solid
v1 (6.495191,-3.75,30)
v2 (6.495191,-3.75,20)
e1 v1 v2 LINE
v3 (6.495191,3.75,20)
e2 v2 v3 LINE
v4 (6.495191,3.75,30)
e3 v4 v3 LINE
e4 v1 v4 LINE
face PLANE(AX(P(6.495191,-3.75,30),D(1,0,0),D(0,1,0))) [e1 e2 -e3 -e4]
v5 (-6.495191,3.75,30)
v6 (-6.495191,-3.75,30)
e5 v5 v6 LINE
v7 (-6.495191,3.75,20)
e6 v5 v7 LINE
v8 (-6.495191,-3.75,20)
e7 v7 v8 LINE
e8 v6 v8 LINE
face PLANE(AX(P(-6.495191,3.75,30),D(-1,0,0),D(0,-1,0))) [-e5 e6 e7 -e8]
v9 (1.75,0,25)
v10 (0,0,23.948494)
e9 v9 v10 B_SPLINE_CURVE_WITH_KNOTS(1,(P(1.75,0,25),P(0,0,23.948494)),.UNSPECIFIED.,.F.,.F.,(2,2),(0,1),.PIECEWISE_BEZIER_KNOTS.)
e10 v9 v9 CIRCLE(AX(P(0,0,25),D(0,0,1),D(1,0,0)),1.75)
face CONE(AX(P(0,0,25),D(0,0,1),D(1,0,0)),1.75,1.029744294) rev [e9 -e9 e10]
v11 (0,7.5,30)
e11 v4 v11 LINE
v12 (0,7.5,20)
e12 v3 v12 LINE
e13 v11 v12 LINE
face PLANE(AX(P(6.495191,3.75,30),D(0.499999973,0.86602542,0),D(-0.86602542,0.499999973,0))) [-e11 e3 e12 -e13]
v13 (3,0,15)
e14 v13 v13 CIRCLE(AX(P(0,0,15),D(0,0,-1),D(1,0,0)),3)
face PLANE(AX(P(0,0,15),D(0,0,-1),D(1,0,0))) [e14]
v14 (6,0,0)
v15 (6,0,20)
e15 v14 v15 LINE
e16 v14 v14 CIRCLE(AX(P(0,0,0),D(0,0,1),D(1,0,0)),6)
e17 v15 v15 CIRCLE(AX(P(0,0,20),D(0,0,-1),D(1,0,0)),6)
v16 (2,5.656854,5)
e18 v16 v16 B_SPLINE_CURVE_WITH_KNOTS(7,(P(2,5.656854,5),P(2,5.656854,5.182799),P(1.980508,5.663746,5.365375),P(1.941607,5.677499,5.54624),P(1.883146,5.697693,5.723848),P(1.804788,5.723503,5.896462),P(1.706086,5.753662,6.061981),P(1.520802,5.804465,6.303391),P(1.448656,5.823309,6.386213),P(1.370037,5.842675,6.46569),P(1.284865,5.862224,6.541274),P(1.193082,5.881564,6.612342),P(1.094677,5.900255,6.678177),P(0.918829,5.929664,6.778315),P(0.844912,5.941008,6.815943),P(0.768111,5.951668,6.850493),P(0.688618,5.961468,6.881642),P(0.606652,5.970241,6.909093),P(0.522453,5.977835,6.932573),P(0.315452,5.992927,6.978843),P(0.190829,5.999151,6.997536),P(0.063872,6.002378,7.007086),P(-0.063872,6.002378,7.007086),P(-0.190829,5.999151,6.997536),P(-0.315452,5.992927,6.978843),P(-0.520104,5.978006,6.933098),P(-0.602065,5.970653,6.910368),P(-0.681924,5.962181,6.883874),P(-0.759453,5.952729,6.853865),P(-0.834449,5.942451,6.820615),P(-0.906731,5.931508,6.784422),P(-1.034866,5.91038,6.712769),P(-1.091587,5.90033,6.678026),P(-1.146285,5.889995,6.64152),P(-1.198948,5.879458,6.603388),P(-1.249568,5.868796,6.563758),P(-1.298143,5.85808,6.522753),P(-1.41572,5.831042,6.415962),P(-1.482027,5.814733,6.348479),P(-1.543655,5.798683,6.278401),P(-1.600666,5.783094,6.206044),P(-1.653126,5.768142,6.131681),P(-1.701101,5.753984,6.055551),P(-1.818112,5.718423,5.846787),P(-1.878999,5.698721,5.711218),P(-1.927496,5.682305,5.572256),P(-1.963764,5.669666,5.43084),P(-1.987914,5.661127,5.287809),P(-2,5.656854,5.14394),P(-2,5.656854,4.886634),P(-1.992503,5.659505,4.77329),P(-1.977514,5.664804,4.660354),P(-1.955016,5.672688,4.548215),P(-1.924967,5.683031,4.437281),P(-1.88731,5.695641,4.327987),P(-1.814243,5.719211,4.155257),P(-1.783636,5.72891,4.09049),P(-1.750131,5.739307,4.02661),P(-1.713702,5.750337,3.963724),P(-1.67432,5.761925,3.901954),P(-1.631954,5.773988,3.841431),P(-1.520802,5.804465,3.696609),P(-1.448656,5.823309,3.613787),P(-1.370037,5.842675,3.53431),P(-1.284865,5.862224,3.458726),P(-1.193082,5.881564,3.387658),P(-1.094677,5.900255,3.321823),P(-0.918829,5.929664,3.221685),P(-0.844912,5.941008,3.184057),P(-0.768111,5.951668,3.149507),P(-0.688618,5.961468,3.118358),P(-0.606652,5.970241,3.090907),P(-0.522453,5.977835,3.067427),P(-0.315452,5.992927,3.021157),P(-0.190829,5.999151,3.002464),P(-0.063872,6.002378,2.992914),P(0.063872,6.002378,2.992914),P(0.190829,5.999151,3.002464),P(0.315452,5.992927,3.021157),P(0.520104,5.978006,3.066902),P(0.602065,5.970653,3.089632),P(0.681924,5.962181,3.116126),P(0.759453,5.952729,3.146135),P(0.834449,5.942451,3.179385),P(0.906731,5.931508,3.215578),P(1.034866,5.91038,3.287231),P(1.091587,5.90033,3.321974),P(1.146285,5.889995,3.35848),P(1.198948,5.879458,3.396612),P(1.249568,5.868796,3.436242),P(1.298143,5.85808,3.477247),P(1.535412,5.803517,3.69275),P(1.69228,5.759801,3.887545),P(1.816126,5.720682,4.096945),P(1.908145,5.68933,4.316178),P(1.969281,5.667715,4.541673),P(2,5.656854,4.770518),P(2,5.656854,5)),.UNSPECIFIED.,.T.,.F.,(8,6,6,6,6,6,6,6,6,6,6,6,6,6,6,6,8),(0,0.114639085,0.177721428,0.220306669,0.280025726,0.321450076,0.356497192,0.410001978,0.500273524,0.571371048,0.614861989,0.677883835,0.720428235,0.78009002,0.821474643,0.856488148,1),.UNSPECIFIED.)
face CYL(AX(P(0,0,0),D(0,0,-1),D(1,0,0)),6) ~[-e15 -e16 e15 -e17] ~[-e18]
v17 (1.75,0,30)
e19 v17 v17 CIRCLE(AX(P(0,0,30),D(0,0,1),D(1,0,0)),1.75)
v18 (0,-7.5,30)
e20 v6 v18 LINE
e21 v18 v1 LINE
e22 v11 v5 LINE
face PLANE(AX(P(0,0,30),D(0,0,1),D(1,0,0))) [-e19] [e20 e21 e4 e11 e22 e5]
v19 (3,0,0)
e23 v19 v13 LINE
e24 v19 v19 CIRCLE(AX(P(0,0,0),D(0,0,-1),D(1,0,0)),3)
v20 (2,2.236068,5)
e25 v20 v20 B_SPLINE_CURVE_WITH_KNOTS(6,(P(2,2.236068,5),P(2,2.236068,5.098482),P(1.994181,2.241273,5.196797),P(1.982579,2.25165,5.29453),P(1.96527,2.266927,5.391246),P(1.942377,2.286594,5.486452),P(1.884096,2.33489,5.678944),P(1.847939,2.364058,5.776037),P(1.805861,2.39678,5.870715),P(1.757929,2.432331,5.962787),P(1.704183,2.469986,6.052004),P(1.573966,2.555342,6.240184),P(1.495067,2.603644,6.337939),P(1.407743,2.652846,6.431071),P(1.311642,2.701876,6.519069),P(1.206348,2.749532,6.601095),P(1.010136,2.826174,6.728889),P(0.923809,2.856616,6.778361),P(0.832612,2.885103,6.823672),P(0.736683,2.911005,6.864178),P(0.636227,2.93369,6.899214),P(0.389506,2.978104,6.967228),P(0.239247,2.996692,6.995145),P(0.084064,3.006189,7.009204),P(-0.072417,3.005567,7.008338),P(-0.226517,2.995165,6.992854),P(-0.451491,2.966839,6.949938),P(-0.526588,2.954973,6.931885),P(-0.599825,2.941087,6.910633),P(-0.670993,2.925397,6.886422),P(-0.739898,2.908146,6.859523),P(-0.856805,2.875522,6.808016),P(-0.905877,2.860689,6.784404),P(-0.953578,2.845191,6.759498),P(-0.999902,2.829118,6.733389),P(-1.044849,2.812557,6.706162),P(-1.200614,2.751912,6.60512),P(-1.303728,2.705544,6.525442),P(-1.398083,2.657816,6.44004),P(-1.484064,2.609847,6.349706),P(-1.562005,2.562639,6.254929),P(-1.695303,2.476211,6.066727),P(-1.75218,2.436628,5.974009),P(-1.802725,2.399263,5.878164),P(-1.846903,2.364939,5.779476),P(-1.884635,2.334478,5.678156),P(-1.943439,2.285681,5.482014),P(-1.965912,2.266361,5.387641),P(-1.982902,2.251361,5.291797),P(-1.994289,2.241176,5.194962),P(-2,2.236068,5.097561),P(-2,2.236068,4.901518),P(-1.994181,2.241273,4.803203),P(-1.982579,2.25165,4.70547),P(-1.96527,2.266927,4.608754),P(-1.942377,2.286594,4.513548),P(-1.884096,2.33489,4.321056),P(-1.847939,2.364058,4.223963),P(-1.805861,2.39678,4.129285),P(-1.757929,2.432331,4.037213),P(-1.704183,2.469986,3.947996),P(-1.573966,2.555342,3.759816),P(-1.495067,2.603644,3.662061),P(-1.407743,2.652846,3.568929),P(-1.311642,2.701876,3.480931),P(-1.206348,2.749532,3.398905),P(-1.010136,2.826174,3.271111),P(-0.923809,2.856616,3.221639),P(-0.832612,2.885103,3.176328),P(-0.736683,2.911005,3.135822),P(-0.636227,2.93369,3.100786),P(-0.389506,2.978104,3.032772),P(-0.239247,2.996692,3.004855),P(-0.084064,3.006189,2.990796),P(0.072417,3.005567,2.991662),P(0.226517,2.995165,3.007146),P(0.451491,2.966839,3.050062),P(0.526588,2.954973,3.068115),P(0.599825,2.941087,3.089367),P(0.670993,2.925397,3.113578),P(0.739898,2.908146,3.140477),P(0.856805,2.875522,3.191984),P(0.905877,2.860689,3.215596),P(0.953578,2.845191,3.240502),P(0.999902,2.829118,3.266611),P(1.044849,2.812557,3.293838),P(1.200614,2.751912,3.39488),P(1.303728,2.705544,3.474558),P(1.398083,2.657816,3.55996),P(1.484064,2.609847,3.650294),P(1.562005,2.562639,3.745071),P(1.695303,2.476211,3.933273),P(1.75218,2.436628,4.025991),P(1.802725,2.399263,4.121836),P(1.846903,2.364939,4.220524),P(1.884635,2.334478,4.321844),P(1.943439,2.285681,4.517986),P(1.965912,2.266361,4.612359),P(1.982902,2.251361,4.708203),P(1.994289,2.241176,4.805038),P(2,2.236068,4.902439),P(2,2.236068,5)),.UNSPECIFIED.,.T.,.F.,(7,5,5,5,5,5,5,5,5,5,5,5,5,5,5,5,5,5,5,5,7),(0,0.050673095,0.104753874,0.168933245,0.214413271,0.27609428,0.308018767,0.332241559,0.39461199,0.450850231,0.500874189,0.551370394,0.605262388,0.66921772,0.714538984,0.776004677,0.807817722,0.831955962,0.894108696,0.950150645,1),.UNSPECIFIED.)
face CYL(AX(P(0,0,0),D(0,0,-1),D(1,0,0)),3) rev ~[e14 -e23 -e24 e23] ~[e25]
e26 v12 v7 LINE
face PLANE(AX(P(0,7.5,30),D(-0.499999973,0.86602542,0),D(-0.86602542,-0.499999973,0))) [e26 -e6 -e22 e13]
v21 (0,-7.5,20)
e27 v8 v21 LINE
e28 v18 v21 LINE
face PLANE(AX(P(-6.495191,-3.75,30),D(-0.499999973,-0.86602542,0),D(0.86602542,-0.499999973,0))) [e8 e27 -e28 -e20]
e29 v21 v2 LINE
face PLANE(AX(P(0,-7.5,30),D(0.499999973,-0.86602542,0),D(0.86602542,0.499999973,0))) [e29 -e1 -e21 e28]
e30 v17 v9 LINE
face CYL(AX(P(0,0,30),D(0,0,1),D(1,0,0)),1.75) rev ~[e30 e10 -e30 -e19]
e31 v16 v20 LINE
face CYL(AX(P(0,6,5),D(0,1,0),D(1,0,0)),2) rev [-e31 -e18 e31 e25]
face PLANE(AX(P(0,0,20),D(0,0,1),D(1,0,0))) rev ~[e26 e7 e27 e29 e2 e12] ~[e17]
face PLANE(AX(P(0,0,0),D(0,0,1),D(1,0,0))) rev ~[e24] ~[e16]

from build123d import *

# Parameters (mm, degrees)
SKETCH_R        = 6
PAD_DEPTH       = 30
PAD001_DEPTH    = 10
SKETCH002_R     = 1.75
HOLE_DEPTH      = 5
HOLE_TIPS_R     = 1.75
SKETCH003_R     = 3
POCKET_DEPTH    = 15
SKETCH004_R     = 2
POCKET001_DEPTH = 5


with BuildPart() as part:
    # Sketch → Pad (new body)
    with BuildSketch(Plane.XY):
        Circle(SKETCH_R)
    extrude(amount=PAD_DEPTH)

    # Sketch001 (on Face3 of Pad) → Pad001 (join)
    with BuildSketch(Plane.XY.offset(30)):
        Polygon((6.495191, -3.75), (6.495191, 3.75), (0, 7.5), (-6.495191, 3.75), (-6.495191, -3.75), (0, -7.5), align=None)
    extrude(amount=-PAD001_DEPTH)

    # Sketch002 (on Face11 of Pad001) → Hole (cut)
    with BuildSketch(Plane.XY.offset(30)):
        Circle(SKETCH002_R)
    extrude(amount=-HOLE_DEPTH, mode=Mode.SUBTRACT)

    # Hole tips → Hole tip 1 section 0
    with BuildSketch(Plane.XY.offset(25), mode=Mode.PRIVATE) as hole_tip_1_s0:
        Circle(HOLE_TIPS_R)
    loft([hole_tip_1_s0.sketch, Vertex(0, 0, 23.948494)], mode=Mode.SUBTRACT)

    # Sketch003 (on Face2 of Hole) → Pocket (cut)
    with BuildSketch(Plane(origin=(0, 0, 0), x_dir=(1, 0, 0), z_dir=(0, 0, -1))):
        Circle(SKETCH003_R)
    extrude(amount=-POCKET_DEPTH, mode=Mode.SUBTRACT)

    # Sketch004 (on DatumPlane) → Pocket001 (cut)
    with BuildSketch(Plane(origin=(0, 6, 10), x_dir=(1, 0, 0), z_dir=(0, -1, 0))):
        with Locations((0, -5)):
            Circle(SKETCH004_R)
    extrude(amount=POCKET001_DEPTH, mode=Mode.SUBTRACT)


solid = part.part
